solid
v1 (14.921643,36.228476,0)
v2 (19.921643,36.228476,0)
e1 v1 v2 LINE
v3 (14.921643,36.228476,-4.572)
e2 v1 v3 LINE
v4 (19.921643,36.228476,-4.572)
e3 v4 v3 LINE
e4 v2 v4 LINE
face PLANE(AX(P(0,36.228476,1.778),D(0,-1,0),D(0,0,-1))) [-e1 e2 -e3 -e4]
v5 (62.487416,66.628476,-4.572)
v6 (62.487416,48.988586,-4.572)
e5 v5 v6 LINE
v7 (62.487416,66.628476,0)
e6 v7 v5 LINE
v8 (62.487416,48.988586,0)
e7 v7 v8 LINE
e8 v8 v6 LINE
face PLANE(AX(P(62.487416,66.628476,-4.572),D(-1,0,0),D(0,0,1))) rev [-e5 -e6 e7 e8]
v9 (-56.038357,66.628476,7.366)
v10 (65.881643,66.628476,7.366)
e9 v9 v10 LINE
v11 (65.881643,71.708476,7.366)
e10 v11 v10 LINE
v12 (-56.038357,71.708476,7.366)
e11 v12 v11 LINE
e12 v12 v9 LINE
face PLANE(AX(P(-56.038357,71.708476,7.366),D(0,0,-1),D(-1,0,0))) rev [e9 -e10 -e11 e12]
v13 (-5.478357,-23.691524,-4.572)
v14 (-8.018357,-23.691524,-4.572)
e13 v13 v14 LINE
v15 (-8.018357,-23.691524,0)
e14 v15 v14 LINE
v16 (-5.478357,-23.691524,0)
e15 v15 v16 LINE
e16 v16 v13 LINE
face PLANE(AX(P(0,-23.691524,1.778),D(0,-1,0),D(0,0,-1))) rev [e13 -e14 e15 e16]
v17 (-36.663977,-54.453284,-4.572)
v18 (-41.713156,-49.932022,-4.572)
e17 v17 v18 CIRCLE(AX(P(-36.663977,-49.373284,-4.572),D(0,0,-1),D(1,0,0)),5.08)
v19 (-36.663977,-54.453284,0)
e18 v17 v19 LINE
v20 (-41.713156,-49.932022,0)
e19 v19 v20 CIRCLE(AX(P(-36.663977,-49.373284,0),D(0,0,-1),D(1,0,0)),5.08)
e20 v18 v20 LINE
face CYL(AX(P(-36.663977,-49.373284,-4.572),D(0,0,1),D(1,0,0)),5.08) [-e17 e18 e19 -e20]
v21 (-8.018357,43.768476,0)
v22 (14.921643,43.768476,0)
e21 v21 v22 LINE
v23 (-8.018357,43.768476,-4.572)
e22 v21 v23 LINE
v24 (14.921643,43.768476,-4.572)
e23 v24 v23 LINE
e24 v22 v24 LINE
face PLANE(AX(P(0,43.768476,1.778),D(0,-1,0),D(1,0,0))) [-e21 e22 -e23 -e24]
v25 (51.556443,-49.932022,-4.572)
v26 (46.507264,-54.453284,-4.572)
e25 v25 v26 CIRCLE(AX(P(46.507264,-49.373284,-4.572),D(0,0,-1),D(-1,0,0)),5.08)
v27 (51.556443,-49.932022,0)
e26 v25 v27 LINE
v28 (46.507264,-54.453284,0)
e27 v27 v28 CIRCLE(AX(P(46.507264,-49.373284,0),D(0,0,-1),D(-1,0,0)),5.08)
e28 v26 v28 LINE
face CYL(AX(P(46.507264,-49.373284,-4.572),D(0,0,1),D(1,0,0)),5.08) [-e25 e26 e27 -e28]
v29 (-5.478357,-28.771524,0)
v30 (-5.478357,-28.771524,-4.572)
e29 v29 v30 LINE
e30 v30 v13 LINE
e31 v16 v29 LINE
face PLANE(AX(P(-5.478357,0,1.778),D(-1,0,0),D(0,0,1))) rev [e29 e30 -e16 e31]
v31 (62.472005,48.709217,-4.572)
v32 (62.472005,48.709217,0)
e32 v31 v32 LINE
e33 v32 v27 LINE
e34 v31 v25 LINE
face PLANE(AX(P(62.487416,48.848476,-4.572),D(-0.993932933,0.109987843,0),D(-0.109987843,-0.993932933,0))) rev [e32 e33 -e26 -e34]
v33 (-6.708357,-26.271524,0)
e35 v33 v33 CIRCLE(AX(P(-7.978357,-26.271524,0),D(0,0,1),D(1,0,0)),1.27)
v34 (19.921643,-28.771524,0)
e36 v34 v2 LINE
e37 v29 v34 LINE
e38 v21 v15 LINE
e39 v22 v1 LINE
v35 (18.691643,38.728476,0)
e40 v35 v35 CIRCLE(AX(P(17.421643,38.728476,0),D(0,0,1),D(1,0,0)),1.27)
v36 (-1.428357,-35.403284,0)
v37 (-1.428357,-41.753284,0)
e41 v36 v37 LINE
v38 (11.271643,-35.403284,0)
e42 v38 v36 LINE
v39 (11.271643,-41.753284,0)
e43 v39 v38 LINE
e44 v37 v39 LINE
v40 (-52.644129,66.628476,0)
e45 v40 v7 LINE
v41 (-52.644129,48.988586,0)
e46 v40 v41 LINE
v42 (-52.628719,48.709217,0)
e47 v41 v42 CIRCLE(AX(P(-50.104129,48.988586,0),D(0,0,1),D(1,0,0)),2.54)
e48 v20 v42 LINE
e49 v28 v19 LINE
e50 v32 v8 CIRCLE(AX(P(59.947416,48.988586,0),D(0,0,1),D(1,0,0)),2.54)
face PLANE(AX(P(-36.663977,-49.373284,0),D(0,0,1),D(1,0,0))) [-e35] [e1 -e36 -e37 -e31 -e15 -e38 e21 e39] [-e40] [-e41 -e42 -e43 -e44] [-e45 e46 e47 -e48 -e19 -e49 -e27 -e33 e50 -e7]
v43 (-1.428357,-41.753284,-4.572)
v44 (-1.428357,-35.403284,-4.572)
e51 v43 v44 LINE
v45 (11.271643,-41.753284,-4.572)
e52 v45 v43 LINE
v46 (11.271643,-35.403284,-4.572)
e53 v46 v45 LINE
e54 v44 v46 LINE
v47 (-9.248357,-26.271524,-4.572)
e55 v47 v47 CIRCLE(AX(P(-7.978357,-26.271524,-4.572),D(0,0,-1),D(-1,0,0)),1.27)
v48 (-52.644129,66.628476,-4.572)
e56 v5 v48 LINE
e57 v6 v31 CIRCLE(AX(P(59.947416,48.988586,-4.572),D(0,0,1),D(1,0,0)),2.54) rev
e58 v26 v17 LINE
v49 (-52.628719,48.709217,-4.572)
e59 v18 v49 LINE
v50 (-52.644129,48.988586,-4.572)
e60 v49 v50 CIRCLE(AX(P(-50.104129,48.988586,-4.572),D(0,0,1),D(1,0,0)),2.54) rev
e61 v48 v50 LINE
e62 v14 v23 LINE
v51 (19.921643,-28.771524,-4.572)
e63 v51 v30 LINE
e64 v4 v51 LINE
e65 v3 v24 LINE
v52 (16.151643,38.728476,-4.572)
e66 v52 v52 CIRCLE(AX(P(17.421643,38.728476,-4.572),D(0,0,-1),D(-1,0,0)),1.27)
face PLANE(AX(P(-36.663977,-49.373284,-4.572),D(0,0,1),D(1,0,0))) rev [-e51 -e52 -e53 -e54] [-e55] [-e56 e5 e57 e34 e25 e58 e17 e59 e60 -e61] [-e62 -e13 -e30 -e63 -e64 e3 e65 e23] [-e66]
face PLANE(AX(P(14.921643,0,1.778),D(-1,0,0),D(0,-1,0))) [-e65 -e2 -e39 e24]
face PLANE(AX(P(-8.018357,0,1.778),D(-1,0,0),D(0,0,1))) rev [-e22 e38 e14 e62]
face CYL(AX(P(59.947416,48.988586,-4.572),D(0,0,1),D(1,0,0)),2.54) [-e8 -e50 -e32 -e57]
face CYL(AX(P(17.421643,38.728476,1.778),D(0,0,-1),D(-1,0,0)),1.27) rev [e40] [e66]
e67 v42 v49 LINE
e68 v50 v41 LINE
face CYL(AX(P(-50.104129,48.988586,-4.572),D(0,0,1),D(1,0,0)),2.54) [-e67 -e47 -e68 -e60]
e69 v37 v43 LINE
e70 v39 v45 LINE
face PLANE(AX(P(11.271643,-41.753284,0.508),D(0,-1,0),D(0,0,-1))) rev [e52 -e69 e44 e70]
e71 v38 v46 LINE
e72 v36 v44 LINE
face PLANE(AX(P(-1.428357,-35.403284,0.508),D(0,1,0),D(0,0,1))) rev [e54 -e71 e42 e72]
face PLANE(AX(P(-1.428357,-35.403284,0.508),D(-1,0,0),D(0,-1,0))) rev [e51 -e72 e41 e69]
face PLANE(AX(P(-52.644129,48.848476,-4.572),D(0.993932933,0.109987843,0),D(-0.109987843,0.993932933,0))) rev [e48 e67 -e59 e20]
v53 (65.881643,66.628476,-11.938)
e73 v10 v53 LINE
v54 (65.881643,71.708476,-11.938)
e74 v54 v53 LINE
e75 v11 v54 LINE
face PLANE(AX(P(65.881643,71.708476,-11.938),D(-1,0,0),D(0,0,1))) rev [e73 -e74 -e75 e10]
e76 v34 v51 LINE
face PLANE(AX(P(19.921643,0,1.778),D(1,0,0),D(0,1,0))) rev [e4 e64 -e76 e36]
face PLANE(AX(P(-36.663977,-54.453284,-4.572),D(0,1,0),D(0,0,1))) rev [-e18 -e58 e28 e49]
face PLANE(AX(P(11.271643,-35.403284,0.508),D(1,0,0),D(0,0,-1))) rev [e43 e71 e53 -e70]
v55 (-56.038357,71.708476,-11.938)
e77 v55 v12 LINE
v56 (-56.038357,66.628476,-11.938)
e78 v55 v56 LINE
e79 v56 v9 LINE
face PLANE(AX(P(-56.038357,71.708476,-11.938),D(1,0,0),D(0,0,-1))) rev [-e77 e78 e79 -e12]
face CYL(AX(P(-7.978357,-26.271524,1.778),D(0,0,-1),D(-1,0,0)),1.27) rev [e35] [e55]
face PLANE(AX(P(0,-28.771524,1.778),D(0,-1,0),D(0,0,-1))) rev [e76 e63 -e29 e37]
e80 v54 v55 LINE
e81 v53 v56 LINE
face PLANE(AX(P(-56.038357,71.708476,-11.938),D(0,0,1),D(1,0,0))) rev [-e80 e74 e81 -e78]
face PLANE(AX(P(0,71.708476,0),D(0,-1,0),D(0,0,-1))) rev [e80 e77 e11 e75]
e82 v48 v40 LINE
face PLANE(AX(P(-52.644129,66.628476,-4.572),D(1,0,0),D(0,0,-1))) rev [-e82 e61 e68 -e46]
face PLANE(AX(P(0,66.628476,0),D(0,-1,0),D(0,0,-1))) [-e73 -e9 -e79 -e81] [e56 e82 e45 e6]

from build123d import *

# Parameters (mm, degrees)
BOSS_EXTRUDE1_DEPTH = 4.572
SKETCH3_W           = 115.1315452
SKETCH3_H           = 4.572
BOSS_EXTRUDE2_DEPTH = 17.78
FILLET1_R           = 2.54
SKETCH4_W           = 121.92
SKETCH4_H           = 19.304
BOSS_EXTRUDE4_DEPTH = 5.08
SKETCH5_W           = 12.7
SKETCH5_H           = 6.35
CUT_EXTRUDE1_DEPTH  = 5.08
SKETCH6_R           = 1.27
CUT_EXTRUDE2_DEPTH  = 6.35


with BuildPart() as part:
    # Sketch2 → Boss-Extrude1 (new body)
    with BuildSketch(Plane(origin=(0, 0, 0), x_dir=(-1, 0, 0), z_dir=(0, 0, -1))):
        with BuildLine():
            Line((-62.487415839, 48.848476089), (52.644129361, 48.848476089))
            Line((52.644129361, 48.848476089), (41.713156468, -49.932022311))
            ThreePointArc((41.713156468, -49.932022311), (40.052782988, -53.157778108), (36.663977171, -54.453284069))
            Line((36.663977171, -54.453284069), (-46.507263649, -54.453284069))
            ThreePointArc((-46.507263649, -54.453284069), (-49.896069466, -53.157778108), (-51.556442946, -49.932022311))
            Line((-51.556442946, -49.932022311), (-62.487415839, 48.848476089))
        make_face()
    extrude(amount=BOSS_EXTRUDE1_DEPTH)

    # Sketch3 → Boss-Extrude2 (add)
    with BuildSketch(Plane(origin=(0, 48.848476089, 0), x_dir=(1, 0, 0), z_dir=(0, 1, 0))):
        with Locations((4.921643239, 2.286)):
            Rectangle(SKETCH3_W, SKETCH3_H)
    extrude(amount=BOSS_EXTRUDE2_DEPTH)

    # Fillet1
    fillet1_edges = [part.edges().sort_by_distance(p)[0] for p in [
        (62.487415839, 48.848476089, -2.286),
        (-52.644129361, 48.848476089, -2.286),
    ]]
    fillet(fillet1_edges, radius=FILLET1_R)

    # Sketch4 → Boss-Extrude4 (add)
    with BuildSketch(Plane(origin=(0, 66.628476089, 0), x_dir=(1, 0, 0), z_dir=(0, 1, 0))):
        with Locations((4.921643239, 2.286)):
            Rectangle(SKETCH4_W, SKETCH4_H)
    extrude(amount=BOSS_EXTRUDE4_DEPTH)

    # Sketch5 → Cut-Extrude1 (cut)
    with BuildSketch(Plane(origin=(0, 0, -4.572), x_dir=(-1, 0, 0), z_dir=(0, 0, -1))):
        with Locations((-4.921643239, -38.578284069)):
            Rectangle(SKETCH5_W, SKETCH5_H)
    extrude(amount=-CUT_EXTRUDE1_DEPTH, mode=Mode.SUBTRACT)

    # Sketch6 → Cut-Extrude2 (cut)
    with BuildSketch(Plane(origin=(0, 0, -4.572), x_dir=(-1, 0, 0), z_dir=(0, 0, -1))):
        Polygon((-14.921643239, 43.768476089), (-14.921643239, 41.228476089), (-14.921643239, 36.228476089), (-19.921643239, 36.228476089), (-19.921643239, -28.771523911), (5.478356761, -28.771523911), (5.478356761, -23.691523911), (8.018356761, -23.691523911), (8.018356761, 43.768476089), align=None)
        with Locations((-17.421643239, 38.728476089)):
            Circle(SKETCH6_R)
        with Locations((7.978356761, -26.271523911)):
            Circle(SKETCH6_R)
    extrude(amount=-CUT_EXTRUDE2_DEPTH, mode=Mode.SUBTRACT)


solid = part.part
